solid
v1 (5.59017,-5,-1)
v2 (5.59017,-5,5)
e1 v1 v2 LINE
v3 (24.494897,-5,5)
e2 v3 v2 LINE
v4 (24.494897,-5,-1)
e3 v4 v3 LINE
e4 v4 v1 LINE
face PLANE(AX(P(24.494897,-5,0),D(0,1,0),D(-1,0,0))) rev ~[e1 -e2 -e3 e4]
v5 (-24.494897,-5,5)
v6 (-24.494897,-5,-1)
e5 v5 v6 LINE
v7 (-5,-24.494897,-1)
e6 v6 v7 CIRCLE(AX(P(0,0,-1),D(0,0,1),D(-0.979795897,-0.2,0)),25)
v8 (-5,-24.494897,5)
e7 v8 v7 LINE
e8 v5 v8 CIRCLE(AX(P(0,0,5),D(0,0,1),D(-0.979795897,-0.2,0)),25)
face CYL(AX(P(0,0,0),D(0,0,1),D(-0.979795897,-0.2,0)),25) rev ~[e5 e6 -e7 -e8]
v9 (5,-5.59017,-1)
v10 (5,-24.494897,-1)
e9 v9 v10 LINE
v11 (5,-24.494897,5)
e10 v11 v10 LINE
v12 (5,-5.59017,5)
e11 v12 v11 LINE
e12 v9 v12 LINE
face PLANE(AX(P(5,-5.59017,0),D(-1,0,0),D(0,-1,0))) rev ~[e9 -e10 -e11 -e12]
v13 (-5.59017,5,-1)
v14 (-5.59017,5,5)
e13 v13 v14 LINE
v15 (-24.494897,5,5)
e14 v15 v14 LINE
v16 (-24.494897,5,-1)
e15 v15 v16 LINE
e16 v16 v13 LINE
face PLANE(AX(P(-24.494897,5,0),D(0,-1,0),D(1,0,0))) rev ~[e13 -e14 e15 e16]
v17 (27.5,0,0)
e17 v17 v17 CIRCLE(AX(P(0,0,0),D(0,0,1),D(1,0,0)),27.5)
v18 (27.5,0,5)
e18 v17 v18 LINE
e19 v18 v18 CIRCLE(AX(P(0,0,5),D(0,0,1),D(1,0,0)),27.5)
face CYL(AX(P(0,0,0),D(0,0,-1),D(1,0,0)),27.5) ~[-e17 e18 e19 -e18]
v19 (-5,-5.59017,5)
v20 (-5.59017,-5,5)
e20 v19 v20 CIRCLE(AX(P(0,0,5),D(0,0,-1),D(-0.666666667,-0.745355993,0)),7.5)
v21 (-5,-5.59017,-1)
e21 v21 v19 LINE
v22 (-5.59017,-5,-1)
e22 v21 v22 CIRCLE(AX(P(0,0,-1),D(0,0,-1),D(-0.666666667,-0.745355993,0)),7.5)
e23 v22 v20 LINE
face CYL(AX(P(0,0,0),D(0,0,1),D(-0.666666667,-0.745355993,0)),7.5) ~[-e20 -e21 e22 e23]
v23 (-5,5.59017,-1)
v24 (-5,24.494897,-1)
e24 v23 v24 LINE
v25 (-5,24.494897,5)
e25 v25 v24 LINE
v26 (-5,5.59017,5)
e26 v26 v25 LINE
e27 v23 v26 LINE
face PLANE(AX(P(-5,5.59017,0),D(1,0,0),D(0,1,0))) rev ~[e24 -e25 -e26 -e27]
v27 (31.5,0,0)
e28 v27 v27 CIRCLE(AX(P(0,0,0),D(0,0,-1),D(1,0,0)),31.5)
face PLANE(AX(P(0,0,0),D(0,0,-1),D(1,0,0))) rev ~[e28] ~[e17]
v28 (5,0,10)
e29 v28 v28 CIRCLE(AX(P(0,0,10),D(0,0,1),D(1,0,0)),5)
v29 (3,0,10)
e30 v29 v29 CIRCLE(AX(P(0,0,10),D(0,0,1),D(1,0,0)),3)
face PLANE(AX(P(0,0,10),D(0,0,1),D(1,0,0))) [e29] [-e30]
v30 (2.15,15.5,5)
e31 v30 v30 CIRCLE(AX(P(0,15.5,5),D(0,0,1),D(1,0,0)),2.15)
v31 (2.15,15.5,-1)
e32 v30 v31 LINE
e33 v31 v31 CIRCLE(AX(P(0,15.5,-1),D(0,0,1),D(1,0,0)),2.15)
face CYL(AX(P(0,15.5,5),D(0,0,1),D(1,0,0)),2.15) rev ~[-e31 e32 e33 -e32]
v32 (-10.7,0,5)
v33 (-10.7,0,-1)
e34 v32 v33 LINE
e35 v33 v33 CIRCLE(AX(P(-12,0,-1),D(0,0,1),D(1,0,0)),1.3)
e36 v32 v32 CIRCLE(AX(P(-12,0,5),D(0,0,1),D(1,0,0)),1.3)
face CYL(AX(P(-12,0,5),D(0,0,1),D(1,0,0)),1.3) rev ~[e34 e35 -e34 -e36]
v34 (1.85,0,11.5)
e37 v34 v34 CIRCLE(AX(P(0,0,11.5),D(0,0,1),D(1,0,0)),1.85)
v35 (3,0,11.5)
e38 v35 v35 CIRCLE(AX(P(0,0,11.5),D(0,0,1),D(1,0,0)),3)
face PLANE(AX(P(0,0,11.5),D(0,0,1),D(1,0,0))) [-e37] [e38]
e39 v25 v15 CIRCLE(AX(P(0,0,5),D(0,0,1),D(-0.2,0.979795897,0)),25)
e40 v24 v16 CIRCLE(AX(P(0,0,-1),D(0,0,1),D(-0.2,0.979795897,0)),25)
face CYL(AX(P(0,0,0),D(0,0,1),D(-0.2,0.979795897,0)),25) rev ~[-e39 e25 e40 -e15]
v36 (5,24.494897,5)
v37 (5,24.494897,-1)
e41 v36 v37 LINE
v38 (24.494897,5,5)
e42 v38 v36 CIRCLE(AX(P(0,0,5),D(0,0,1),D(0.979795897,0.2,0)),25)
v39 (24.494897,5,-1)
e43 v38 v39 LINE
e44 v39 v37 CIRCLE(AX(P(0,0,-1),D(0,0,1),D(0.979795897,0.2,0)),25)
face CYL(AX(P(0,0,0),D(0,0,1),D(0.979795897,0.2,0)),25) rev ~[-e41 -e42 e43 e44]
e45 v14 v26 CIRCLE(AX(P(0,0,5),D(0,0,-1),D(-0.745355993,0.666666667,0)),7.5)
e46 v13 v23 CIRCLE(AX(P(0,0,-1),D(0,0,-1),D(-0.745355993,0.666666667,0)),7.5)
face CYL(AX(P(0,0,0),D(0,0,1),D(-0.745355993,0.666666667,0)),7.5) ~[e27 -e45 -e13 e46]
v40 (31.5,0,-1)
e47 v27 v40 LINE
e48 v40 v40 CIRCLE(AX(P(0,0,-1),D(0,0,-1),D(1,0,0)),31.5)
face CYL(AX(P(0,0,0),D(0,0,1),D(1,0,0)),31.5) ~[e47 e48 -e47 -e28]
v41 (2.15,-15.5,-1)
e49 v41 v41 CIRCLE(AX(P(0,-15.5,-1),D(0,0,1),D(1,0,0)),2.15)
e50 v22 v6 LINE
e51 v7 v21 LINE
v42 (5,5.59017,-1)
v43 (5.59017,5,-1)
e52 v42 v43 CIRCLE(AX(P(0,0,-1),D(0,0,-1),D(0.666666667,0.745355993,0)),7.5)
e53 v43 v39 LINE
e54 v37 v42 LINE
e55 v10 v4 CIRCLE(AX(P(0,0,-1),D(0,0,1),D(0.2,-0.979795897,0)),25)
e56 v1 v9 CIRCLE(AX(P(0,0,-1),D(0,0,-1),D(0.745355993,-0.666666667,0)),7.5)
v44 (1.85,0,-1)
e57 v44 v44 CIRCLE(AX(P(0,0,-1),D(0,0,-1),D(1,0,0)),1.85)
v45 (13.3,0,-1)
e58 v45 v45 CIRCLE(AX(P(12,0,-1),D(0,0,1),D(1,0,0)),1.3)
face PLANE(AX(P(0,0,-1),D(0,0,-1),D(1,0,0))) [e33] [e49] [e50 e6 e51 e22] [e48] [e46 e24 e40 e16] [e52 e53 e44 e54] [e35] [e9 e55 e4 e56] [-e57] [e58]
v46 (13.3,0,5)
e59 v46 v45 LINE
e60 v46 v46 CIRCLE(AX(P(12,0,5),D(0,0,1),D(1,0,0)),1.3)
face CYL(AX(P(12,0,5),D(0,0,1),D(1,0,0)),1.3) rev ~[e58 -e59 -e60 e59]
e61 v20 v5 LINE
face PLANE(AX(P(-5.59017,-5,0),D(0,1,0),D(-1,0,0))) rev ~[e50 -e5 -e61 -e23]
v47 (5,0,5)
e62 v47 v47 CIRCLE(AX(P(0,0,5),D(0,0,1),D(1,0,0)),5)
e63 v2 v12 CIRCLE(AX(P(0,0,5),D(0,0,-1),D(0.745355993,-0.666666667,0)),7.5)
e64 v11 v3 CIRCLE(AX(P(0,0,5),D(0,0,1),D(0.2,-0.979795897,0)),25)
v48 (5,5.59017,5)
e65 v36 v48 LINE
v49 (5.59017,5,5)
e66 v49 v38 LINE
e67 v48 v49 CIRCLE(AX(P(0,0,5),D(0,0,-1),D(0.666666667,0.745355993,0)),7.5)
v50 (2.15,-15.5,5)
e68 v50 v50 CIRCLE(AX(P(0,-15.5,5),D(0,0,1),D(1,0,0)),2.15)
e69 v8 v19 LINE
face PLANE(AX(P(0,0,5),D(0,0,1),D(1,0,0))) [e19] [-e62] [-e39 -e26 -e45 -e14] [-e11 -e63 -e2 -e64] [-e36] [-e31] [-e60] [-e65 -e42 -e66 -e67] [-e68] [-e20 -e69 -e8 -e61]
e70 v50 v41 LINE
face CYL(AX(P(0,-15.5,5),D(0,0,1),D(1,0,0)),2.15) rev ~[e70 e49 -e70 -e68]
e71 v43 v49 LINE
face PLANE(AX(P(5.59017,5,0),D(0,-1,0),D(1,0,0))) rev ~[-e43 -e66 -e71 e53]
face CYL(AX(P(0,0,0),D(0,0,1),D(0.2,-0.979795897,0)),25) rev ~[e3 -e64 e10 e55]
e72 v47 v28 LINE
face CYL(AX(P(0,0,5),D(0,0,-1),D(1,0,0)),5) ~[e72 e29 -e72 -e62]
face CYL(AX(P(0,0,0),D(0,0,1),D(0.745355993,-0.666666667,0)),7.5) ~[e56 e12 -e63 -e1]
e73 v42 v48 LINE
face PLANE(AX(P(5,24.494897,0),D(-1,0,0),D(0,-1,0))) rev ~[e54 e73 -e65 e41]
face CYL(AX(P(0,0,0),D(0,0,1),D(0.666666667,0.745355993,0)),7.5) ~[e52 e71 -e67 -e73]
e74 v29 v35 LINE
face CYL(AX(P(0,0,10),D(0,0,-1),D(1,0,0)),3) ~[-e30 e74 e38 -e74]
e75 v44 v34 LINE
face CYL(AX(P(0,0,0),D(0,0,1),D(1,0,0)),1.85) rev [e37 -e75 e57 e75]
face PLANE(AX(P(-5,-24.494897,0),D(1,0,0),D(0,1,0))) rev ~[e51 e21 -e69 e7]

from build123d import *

# Parameters (mm, degrees)
F0_R      = 27.5
F1_DEPTH  = 5
F2_R      = 5
F3_DEPTH  = 5
F4_R      = 1.85
F5_DEPTH  = 10
F6_R      = 3
F6_R_2    = 1.85
F7_DEPTH  = 1.5
F9_DEPTH  = 5
F10_R     = 31.5
F10_R_2   = 27.5
F10_R_3   = 1.85
F11_DEPTH = 1
F8_R      = 1.3
F8_R_2    = 2.15
F12_DEPTH = 6


with BuildPart() as f1:
    # F0 (on Top) → F1 (new body)
    with BuildSketch(Plane.XY):
        Circle(F0_R)
    extrude(amount=F1_DEPTH)

    # F2 (on face) → F3 (join)
    with BuildSketch(Plane.XY.offset(5)):
        Circle(F2_R)
    extrude(amount=F3_DEPTH)

    # F4 (on face) → F5 (cut, through all)
    with BuildSketch(Plane.XY.offset(10)):
        Circle(F4_R)
    extrude(amount=-F5_DEPTH, mode=Mode.SUBTRACT)

    # F6 (on face) → F7 (join)
    with BuildSketch(Plane.XY.offset(10)):
        Circle(F6_R)
        Circle(F6_R_2, mode=Mode.SUBTRACT)
    extrude(amount=F7_DEPTH)

    # F8 (on face) → F9 (cut, through all)
    with BuildSketch(Plane.XY.offset(5)):
        with BuildLine():
            Line((5.5901699437, 5), (24.4948974278, 5))
            ThreePointArc((24.4948974278, 5), (17.6776695297, 17.6776695297), (5, 24.4948974278))
            Line((5, 24.4948974278), (5, 5.5901699437))
            ThreePointArc((5, 5.5901699437), (5.3033008589, 5.3033008589), (5.5901699437, 5))
        make_face()
        with BuildLine():
            Line((-5, 5.5901699437), (-5, 24.4948974278))
            ThreePointArc((-5, 24.4948974278), (-17.6776695297, 17.6776695297), (-24.4948974278, 5))
            Line((-24.4948974278, 5), (-5.5901699437, 5))
            ThreePointArc((-5.5901699437, 5), (-5.3033008589, 5.3033008589), (-5, 5.5901699437))
        make_face()
        with BuildLine():
            ThreePointArc((-24.4948974278, -5), (-17.6776695297, -17.6776695297), (-5, -24.4948974278))
            Line((-5, -24.4948974278), (-5, -5.5901699437))
            ThreePointArc((-5, -5.5901699437), (-5.3033008589, -5.3033008589), (-5.5901699437, -5))
            Line((-5.5901699437, -5), (-24.4948974278, -5))
        make_face()
        with BuildLine():
            ThreePointArc((5, -24.4948974278), (17.6776695297, -17.6776695297), (24.4948974278, -5))
            Line((24.4948974278, -5), (5.5901699437, -5))
            ThreePointArc((5.5901699437, -5), (5.3033008589, -5.3033008589), (5, -5.5901699437))
            Line((5, -5.5901699437), (5, -24.4948974278))
        make_face()
    extrude(amount=-F9_DEPTH, mode=Mode.SUBTRACT)

    # F10 (on face) → F11 (join)
    with BuildSketch(Plane(origin=(0, 0, 0), x_dir=(1, 0, 0), z_dir=(0, 0, -1))):
        Circle(F10_R)
        Circle(F10_R_2, mode=Mode.SUBTRACT)
        Circle(F10_R_2)
        with BuildLine():
            ThreePointArc((-5, -24.4948974278), (-17.6776695297, -17.6776695297), (-24.4948974278, -5))
            Line((-24.4948974278, -5), (-5.5901699437, -5))
            ThreePointArc((-5.5901699437, -5), (-5.3033008589, -5.3033008589), (-5, -5.5901699437))
            Line((-5, -5.5901699437), (-5, -24.4948974278))
        make_face(mode=Mode.SUBTRACT)
        with BuildLine():
            ThreePointArc((24.4948974278, -5), (17.6776695297, -17.6776695297), (5, -24.4948974278))
            Line((5, -24.4948974278), (5, -5.5901699437))
            ThreePointArc((5, -5.5901699437), (5.3033008589, -5.3033008589), (5.5901699437, -5))
            Line((5.5901699437, -5), (24.4948974278, -5))
        make_face(mode=Mode.SUBTRACT)
        with BuildLine():
            ThreePointArc((-24.4948974278, 5), (-17.6776695297, 17.6776695297), (-5, 24.4948974278))
            Line((-5, 24.4948974278), (-5, 5.5901699437))
            ThreePointArc((-5, 5.5901699437), (-5.3033008589, 5.3033008589), (-5.5901699437, 5))
            Line((-5.5901699437, 5), (-24.4948974278, 5))
        make_face(mode=Mode.SUBTRACT)
        Circle(F10_R_3, mode=Mode.SUBTRACT)
        with BuildLine():
            ThreePointArc((5, 24.4948974278), (17.6776695297, 17.6776695297), (24.4948974278, 5))
            Line((24.4948974278, 5), (5.5901699437, 5))
            ThreePointArc((5.5901699437, 5), (5.3033008589, 5.3033008589), (5, 5.5901699437))
            Line((5, 5.5901699437), (5, 24.4948974278))
        make_face(mode=Mode.SUBTRACT)
    extrude(amount=F11_DEPTH)

    # F8 (on face) → F12 (cut, through all)
    with BuildSketch(Plane.XY.offset(5)):
        with Locations((-12, 0)):
            Circle(F8_R)
        with Locations((0, -15.5)):
            Circle(F8_R_2)
        with Locations((12, 0)):
            Circle(F8_R)
        with Locations((0, 15.5)):
            Circle(F8_R_2)
    extrude(amount=-F12_DEPTH, mode=Mode.SUBTRACT)


solid = f1.part
